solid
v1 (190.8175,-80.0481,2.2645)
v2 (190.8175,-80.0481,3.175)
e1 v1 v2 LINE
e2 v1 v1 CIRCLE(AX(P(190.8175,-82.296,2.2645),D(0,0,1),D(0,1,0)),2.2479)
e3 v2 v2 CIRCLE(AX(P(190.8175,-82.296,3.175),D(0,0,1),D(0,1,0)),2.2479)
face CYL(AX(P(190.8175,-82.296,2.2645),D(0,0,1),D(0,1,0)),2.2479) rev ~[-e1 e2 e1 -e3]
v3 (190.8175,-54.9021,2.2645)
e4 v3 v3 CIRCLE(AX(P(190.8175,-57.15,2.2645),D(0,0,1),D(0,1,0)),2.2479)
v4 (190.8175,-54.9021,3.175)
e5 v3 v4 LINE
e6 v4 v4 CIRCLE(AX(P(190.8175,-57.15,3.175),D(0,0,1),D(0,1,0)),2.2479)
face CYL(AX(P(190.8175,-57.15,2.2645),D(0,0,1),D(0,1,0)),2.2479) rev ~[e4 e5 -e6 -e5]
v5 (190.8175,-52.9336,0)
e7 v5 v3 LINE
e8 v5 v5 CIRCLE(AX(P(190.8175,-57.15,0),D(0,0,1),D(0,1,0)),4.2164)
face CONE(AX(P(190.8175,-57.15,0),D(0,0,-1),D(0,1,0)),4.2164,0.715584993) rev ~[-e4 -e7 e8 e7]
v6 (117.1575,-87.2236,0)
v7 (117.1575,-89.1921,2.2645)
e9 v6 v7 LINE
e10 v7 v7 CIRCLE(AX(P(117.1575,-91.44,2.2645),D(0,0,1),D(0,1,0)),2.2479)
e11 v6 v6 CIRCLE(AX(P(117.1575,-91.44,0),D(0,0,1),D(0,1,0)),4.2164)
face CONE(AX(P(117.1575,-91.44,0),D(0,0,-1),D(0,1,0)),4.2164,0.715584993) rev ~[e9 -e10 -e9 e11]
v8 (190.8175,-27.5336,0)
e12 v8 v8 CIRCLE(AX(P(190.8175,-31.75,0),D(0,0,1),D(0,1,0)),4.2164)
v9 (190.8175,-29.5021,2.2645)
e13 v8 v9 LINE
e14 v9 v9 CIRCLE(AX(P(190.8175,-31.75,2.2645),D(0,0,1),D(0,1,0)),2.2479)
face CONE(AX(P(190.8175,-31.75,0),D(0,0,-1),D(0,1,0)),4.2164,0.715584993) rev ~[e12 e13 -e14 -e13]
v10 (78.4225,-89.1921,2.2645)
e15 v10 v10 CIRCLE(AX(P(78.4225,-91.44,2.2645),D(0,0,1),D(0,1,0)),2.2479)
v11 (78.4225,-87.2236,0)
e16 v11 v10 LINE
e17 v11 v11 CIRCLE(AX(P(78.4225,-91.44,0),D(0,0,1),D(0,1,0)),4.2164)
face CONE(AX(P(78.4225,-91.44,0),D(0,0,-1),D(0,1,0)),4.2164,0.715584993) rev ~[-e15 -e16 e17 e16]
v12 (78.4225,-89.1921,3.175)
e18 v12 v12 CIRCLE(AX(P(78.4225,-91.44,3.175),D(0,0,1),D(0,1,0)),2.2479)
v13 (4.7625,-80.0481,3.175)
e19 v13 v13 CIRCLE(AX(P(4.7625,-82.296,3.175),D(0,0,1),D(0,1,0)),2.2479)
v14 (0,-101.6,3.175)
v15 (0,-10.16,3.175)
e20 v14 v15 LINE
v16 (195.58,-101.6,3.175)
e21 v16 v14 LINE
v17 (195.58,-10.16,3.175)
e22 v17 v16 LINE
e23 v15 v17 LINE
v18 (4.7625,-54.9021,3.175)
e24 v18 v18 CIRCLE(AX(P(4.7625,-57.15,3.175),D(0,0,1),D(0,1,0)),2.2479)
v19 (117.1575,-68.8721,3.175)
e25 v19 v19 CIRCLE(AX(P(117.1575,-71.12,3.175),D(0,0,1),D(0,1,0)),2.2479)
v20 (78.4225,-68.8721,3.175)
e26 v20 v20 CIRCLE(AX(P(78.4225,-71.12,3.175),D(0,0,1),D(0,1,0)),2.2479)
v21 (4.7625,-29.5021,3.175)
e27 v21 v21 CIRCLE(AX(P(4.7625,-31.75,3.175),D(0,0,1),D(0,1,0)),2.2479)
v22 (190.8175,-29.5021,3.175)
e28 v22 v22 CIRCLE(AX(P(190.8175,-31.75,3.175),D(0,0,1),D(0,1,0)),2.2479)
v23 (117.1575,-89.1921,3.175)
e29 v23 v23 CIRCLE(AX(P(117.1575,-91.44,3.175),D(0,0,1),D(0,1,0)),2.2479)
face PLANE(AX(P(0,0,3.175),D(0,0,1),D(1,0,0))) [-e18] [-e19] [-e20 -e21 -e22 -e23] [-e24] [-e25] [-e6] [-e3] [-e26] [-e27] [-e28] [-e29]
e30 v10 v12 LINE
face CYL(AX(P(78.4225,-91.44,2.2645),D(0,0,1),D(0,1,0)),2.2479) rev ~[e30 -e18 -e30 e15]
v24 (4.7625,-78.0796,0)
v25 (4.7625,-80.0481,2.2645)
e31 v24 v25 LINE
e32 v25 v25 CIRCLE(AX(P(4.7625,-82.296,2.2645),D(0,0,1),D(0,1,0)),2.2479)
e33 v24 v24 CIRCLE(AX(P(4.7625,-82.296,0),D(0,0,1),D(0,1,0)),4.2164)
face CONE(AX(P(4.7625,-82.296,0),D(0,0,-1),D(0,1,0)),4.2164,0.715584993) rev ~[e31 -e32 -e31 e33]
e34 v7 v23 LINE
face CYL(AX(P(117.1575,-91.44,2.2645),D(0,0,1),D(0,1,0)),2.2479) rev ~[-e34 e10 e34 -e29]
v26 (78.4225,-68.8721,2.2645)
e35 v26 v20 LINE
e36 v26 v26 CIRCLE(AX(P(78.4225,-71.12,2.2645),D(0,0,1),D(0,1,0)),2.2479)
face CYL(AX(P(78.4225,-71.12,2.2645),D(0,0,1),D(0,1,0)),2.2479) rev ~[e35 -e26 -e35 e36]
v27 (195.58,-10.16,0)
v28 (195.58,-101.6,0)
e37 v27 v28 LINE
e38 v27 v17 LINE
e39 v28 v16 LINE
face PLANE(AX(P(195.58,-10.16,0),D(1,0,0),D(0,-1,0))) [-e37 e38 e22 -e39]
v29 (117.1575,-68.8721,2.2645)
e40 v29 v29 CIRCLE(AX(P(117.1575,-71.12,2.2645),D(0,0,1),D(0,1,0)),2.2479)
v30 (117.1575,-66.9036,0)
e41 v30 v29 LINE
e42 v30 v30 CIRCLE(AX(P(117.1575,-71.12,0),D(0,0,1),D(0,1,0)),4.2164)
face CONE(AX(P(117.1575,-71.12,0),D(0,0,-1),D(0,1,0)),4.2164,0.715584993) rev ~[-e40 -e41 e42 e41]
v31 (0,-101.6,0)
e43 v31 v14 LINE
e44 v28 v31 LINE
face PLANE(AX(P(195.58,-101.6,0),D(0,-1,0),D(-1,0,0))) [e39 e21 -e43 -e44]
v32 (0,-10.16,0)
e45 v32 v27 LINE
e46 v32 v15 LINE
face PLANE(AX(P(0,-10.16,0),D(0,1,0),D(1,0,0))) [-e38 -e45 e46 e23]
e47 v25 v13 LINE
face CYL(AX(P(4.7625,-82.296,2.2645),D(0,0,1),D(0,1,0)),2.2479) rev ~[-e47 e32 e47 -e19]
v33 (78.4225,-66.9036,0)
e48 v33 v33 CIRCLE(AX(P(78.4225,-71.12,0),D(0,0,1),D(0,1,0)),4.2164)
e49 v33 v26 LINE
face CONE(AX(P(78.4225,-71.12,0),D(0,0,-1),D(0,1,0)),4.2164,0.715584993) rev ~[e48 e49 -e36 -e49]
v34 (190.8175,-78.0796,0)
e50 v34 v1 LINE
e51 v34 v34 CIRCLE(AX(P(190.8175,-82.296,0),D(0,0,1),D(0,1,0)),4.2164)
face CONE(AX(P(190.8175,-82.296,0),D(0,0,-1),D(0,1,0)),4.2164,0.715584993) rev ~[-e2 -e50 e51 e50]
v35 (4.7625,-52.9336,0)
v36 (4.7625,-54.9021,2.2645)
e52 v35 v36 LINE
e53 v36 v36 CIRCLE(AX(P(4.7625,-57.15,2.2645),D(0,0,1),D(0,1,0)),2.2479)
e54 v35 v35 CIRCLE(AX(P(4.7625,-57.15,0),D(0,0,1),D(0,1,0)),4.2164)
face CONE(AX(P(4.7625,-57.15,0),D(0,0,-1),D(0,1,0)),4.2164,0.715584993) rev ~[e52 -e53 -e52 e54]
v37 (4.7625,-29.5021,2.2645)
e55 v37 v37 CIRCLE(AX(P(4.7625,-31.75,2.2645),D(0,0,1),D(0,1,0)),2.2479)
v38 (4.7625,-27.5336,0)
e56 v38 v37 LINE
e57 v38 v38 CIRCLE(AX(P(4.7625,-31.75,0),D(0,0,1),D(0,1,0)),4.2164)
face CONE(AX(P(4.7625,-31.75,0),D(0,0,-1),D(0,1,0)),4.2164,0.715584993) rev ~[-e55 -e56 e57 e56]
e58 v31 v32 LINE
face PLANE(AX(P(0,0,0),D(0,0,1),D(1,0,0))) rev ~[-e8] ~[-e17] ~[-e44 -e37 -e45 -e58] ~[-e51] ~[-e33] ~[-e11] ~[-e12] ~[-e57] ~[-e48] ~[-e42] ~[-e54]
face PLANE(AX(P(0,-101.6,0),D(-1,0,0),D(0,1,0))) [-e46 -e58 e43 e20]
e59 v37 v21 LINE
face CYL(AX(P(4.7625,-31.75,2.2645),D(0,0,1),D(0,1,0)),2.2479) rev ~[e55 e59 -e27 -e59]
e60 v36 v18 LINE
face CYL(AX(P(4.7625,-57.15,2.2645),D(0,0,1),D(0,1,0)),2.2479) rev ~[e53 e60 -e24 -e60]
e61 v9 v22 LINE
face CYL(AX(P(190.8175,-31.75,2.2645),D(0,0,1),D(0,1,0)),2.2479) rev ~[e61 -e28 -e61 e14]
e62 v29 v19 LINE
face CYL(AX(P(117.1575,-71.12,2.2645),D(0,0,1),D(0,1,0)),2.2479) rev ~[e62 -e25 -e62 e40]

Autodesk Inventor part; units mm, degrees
ref_plane "YZ Plane" through (0, 0, 0) normal (1, 0, 0) x (0, 1, 0)
ref_plane "XZ Plane" through (0, 0, 0) normal (0, 1, 0) x (-1, 0, 0)
ref_plane "XY Plane" through (0, 0, 0) normal (0, 0, 1) x (1, 0, 0)
sketch "Sketch1" plane through (0, 0, 0) normal (0, 0, 1) x (1, 0, 0)
  line L0 (0, -10.16) -> (195.58, -10.16)
  line L1 (195.58, -10.16) -> (195.58, -101.6)
  line L2 (195.58, -101.6) -> (0, -101.6)
  line L3 (0, -101.6) -> (0, -10.16)
  point P0 (0, 0)
  dimension "d27" = 91.44
  dimension "d28" = 195.58
extrude "Extrusion2" add sketch "Sketch1" along normal blind 3.175
sketch "Sketch3" plane through (0, 0, 0) normal (0, 0, -1) x (-1, 0, 0)
  circle A0 centre (-190.8175, -82.296) radius 1.651 projected
  circle A1 centre (-190.8175, -57.15) radius 1.651 projected
  circle A2 centre (-190.8175, -31.75) radius 1.651 projected
  circle A3 centre (-117.1575, -91.44) radius 1.651 projected
  circle A4 centre (-117.1575, -71.12) radius 1.651 projected
  circle A5 centre (-78.4225, -71.12) radius 1.651 projected
  circle A6 centre (-78.4225, -91.44) radius 1.651 projected
  circle A7 centre (-4.7625, -82.296) radius 1.651 projected
  circle A8 centre (-4.7625, -57.15) radius 1.651 projected
  circle A9 centre (-4.7625, -31.75) radius 1.651 projected
  point P0 (0, 0)
hole "Hole2" at (190.8175, -31.75, 0) at (190.8175, -57.15, 0) at (190.8175, -82.296, 0) at (117.1575, -71.12, 0) at (117.1575, -91.44, 0) at (78.4225, -71.12, 0) at (78.4225, -91.44, 0) at (4.7625, -82.296, 0) at (4.7625, -57.15, 0) at (4.7625, -31.75, 0) direction (0, 0, 1) diameter 4.4958 end through all countersink diameter 8.4328 countersink angle 82 clearance for "Flat Head Machine Screw (82)" size "#8" standard "Ansi Unified Screw Threads"
properties part number "Chassis Back" material "Aluminum-6061"
